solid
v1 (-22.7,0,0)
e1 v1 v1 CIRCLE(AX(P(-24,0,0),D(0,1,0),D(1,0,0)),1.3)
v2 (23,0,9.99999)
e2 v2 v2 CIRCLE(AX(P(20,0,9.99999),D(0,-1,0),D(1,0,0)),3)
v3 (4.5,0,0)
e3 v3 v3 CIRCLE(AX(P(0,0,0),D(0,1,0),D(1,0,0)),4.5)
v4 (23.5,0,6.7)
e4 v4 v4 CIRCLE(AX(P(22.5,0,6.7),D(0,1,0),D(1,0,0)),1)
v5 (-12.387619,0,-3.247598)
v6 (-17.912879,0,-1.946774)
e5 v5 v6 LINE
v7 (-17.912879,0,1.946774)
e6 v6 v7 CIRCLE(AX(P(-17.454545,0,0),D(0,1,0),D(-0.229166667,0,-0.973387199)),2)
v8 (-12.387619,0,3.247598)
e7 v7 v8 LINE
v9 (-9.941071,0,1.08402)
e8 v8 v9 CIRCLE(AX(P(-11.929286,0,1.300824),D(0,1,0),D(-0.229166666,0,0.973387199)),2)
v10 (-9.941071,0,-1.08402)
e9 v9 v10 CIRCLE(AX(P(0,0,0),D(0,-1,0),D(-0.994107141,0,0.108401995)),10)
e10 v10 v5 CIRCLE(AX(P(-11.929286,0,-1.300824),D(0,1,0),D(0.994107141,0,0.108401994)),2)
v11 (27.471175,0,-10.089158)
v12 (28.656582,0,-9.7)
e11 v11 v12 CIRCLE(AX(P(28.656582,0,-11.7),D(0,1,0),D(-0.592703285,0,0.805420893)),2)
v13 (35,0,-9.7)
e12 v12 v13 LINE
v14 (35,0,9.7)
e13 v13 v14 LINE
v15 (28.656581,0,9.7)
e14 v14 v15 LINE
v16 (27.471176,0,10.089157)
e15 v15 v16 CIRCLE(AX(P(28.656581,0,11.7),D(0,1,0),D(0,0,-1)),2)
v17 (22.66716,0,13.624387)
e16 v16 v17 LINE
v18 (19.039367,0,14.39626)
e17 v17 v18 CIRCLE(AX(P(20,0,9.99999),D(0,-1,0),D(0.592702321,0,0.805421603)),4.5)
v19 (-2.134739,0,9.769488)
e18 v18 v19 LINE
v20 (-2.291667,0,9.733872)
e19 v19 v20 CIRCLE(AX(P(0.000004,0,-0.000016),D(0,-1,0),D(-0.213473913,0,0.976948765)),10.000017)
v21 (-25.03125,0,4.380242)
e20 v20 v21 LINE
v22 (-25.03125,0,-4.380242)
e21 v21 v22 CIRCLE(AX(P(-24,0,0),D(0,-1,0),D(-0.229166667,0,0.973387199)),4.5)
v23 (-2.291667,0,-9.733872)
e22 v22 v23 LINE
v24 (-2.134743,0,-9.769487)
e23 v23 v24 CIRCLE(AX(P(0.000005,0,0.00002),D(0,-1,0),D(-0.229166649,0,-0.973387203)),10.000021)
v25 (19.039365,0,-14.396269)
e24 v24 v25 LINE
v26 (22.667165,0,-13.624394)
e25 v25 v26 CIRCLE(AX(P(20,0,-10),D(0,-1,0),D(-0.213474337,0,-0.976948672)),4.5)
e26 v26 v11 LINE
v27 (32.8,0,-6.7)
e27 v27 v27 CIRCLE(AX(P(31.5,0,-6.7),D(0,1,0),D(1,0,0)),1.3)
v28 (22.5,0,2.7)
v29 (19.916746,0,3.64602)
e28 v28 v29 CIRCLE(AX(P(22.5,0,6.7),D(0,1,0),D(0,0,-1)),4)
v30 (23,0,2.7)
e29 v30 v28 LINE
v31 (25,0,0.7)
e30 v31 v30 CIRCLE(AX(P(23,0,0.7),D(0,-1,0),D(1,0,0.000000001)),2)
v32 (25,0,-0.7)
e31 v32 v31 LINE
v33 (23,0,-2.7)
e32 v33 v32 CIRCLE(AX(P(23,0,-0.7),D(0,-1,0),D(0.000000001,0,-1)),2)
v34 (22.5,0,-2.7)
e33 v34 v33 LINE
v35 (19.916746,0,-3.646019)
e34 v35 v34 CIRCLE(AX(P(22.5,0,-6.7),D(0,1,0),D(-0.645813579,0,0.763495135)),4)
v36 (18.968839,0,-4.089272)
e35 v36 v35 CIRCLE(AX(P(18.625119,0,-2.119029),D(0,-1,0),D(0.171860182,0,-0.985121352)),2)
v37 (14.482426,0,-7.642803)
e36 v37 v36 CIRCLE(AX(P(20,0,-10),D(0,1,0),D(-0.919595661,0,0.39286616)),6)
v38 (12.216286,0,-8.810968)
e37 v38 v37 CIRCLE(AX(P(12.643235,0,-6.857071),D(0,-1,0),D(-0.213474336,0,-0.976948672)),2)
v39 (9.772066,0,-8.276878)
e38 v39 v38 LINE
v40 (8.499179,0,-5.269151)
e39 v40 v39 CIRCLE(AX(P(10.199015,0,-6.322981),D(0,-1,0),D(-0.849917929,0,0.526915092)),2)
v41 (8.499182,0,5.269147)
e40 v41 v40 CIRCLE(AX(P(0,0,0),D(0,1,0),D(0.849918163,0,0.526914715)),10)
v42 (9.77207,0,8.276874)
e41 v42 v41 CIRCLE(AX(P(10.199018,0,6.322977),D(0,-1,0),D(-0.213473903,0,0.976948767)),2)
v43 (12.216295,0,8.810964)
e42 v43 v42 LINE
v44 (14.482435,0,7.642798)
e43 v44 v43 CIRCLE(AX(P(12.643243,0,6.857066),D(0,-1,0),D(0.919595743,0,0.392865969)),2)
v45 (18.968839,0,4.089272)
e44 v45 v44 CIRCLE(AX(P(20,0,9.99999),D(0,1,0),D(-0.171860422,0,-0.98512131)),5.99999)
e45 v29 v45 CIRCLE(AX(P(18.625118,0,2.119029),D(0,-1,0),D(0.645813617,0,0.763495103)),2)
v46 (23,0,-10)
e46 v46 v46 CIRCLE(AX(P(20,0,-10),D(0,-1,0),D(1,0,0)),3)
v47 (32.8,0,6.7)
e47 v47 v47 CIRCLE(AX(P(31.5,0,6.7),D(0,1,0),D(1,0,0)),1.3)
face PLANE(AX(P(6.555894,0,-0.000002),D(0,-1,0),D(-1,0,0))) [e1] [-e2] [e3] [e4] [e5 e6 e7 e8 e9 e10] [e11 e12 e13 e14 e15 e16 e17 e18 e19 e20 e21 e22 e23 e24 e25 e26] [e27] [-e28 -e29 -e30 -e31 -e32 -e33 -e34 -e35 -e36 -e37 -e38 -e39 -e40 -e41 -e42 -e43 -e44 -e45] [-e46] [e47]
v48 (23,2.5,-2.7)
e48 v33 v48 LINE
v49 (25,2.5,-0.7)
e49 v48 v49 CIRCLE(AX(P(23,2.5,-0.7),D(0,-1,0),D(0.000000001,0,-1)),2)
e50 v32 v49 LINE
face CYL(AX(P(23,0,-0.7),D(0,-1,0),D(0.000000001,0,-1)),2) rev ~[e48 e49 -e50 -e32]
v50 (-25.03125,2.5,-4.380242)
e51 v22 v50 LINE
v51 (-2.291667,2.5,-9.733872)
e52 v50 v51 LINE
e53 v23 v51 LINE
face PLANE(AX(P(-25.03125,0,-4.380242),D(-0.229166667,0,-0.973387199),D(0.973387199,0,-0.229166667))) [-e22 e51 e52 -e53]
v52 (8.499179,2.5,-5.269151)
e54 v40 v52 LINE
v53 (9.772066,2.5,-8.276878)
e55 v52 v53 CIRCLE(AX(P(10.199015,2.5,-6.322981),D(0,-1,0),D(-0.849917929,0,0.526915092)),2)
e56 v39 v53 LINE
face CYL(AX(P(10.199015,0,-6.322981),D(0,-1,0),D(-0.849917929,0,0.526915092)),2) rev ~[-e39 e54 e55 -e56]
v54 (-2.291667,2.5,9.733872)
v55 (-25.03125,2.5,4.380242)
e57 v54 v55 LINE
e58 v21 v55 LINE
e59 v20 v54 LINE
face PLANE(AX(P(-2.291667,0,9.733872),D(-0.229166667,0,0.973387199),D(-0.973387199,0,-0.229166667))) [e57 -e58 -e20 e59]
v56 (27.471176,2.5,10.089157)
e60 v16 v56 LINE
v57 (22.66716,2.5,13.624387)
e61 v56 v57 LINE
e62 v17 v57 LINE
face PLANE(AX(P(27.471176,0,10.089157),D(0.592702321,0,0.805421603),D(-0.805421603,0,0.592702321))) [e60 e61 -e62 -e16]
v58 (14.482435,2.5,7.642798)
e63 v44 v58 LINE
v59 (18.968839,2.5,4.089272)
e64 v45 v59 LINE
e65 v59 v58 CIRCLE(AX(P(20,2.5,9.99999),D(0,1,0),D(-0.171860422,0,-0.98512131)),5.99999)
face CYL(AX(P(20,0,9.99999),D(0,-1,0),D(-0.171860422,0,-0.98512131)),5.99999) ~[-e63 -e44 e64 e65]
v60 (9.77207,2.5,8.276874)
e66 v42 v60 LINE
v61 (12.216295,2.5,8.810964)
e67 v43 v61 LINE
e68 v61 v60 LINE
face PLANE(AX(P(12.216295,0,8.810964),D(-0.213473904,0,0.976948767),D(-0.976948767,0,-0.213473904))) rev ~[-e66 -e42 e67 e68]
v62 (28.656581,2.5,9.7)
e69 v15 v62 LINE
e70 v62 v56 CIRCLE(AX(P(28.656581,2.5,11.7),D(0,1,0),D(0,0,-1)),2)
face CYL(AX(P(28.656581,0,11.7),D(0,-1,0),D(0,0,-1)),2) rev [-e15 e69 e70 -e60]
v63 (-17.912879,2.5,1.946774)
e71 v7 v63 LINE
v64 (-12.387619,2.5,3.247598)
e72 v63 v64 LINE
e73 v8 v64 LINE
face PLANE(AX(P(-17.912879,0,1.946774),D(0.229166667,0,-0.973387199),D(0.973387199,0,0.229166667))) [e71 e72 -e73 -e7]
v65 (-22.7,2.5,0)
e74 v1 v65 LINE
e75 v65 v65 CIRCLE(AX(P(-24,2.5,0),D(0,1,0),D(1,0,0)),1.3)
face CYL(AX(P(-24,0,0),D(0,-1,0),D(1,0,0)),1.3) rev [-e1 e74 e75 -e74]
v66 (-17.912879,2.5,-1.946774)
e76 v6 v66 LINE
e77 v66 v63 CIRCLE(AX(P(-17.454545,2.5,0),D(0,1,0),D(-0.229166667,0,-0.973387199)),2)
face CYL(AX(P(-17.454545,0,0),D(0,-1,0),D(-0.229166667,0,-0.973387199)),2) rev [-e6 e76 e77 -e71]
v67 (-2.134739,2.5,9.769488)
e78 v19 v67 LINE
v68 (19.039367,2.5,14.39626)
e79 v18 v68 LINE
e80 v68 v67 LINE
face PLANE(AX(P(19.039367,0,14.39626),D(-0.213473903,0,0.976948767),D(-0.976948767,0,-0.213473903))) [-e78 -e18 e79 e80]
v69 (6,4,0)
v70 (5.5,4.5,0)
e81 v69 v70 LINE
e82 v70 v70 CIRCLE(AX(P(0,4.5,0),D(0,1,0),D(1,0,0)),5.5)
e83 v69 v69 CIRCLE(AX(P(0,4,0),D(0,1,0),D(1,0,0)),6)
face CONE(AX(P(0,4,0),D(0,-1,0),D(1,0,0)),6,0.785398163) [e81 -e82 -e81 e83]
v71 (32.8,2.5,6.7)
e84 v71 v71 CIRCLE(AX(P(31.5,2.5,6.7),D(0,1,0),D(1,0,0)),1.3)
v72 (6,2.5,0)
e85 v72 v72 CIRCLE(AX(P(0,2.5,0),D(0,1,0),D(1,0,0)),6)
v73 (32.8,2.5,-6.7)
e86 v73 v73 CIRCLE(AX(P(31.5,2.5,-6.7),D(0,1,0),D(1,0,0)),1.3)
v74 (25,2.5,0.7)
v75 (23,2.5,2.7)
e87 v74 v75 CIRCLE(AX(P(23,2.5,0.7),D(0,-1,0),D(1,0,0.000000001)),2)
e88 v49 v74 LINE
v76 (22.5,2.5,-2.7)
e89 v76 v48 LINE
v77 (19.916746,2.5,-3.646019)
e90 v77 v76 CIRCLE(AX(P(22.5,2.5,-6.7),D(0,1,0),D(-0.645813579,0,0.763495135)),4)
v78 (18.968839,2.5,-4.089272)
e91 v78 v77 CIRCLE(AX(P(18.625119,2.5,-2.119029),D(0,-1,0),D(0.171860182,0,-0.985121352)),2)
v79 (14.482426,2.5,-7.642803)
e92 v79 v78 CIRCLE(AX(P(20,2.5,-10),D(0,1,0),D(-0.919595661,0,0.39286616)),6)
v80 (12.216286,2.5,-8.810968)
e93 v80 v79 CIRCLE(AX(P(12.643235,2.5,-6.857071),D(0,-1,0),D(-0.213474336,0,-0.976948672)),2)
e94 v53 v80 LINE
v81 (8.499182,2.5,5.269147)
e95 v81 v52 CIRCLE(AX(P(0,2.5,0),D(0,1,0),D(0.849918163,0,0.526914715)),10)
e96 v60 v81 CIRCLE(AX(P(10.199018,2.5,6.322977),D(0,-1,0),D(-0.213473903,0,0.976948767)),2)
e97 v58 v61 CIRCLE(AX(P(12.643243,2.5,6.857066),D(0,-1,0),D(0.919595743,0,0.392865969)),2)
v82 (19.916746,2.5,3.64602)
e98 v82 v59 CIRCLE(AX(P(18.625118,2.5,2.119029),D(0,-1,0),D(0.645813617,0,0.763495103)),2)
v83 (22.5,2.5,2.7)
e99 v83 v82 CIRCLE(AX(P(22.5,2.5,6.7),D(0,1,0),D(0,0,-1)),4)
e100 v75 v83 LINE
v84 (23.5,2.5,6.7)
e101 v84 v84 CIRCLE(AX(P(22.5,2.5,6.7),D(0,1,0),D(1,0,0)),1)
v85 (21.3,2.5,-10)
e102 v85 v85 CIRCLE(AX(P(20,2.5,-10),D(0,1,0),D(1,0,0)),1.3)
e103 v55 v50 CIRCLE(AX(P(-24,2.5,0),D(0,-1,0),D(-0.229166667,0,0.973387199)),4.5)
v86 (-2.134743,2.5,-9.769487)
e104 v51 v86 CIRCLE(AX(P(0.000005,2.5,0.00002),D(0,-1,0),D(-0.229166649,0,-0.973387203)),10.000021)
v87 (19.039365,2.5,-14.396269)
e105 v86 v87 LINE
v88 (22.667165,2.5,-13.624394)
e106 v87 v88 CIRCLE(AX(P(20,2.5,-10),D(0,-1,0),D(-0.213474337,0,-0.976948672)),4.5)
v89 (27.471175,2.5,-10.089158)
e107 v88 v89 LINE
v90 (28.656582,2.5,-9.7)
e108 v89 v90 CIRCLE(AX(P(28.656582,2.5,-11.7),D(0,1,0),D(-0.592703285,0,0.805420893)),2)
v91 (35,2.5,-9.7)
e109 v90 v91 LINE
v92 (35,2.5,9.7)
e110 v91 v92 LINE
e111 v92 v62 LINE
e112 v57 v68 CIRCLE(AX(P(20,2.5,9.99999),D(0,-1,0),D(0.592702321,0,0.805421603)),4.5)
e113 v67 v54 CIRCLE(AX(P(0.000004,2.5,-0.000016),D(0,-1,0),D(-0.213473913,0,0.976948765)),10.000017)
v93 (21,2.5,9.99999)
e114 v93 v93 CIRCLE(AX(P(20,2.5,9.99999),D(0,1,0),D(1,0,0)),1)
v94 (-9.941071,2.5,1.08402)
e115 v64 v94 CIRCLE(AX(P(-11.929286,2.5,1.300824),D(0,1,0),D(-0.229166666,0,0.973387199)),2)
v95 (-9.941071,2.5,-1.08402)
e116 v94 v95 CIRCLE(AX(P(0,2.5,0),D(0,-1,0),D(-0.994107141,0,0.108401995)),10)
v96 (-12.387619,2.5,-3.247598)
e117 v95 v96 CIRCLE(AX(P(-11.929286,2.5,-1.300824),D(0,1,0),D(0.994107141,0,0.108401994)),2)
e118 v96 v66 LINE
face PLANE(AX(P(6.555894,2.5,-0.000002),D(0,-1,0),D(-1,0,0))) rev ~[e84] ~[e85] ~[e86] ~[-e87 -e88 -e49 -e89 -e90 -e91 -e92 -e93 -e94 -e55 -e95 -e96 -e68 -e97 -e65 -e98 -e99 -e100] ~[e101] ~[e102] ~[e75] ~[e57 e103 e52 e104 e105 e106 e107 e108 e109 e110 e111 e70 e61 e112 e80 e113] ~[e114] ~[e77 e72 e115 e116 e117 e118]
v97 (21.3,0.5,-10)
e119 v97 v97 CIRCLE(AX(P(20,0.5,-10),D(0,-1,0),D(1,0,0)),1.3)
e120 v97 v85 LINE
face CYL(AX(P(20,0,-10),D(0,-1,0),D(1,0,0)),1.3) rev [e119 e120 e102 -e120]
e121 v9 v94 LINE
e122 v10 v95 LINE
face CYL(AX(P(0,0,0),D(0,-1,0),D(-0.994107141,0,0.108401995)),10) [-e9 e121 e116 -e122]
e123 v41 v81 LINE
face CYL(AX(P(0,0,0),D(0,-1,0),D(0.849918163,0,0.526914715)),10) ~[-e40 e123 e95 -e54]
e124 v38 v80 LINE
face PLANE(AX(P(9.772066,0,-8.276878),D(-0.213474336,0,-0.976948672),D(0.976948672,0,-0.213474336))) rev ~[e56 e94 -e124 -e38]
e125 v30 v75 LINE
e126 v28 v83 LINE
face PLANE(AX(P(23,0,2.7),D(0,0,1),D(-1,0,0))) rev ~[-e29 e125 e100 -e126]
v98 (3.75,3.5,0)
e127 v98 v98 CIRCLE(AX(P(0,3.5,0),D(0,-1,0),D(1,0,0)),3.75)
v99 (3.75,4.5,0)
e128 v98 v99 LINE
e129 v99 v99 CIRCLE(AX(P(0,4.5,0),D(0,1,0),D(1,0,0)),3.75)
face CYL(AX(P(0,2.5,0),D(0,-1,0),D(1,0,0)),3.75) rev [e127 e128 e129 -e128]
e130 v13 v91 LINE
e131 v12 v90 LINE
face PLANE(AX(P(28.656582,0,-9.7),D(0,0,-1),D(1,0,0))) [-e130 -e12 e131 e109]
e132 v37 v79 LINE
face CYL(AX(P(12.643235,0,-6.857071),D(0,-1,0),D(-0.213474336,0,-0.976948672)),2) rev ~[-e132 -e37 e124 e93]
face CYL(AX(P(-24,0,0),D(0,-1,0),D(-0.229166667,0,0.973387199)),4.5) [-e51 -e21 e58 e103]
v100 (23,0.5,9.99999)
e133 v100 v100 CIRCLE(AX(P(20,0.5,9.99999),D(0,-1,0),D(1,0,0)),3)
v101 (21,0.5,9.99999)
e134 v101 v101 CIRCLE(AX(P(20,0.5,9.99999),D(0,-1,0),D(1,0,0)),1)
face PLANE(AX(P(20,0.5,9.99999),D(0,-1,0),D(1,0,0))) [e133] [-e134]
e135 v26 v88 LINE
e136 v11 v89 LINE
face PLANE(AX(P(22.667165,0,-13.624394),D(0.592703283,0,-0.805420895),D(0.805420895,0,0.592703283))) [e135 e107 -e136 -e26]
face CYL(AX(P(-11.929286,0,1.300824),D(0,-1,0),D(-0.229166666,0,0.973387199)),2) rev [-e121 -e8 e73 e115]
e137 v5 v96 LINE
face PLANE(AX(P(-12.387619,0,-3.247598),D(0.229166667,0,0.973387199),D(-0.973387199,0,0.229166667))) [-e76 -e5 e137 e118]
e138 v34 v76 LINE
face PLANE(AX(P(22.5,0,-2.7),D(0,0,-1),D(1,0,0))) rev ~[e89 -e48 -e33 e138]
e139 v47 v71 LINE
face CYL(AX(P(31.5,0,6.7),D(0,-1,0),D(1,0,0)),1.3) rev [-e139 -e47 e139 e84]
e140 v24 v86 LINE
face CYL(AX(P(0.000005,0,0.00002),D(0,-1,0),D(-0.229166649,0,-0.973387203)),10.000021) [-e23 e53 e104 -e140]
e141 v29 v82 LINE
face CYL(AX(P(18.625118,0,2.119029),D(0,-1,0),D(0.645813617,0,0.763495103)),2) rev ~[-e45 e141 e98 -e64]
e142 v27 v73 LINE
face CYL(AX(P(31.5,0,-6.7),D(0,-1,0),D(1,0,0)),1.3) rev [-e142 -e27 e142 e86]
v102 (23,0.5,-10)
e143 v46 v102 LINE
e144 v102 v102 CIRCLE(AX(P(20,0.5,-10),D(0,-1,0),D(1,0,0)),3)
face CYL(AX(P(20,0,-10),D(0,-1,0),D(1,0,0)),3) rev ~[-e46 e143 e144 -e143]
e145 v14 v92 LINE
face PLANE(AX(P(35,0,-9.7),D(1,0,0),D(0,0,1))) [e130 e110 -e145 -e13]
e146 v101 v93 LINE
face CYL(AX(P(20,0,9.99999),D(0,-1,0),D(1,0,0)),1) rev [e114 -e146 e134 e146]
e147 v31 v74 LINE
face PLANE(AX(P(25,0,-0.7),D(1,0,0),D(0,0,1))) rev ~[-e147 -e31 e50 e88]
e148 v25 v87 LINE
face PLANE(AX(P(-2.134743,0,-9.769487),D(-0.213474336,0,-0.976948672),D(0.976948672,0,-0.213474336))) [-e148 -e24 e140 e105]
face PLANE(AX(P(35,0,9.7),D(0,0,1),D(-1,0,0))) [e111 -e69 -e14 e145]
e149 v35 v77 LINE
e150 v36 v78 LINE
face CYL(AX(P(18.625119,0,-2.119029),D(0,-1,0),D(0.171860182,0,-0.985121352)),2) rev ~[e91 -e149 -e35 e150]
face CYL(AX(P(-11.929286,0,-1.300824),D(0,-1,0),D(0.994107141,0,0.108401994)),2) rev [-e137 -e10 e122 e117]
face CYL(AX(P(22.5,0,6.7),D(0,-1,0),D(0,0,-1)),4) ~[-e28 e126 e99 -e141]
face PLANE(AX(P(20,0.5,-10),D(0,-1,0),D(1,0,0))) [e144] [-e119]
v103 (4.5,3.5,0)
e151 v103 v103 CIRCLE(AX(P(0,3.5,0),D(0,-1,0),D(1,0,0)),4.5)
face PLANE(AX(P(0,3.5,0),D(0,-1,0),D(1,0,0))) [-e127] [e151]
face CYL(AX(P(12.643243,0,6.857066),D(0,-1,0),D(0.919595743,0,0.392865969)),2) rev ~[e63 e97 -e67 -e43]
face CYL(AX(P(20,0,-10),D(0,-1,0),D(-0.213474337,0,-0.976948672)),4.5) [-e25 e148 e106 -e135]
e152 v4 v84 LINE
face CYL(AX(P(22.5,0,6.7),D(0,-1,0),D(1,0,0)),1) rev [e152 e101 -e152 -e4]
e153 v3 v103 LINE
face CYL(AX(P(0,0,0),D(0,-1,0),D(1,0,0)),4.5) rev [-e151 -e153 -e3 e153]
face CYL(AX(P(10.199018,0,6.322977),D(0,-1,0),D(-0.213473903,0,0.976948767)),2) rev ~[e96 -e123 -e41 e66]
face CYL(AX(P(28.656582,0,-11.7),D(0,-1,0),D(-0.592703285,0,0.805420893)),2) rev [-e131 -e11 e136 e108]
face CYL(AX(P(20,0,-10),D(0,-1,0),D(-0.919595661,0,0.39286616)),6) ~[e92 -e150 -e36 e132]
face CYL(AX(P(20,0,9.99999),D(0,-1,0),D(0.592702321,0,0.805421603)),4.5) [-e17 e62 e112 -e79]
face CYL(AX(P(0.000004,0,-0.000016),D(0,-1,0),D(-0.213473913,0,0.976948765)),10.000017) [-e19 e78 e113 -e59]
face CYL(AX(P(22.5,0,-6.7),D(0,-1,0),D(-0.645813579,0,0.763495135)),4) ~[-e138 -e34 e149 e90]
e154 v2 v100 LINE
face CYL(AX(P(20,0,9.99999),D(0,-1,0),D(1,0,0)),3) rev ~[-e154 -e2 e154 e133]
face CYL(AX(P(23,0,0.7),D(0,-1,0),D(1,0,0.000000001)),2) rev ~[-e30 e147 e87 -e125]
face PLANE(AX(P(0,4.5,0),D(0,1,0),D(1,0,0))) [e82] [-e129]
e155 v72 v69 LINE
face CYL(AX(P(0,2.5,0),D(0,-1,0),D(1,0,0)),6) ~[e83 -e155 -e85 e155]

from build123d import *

# Parameters (mm, degrees)
SKETCH1_R           = 1.3
SKETCH1_R_2         = 1
SKETCH1_R_3         = 4.5
BOSS_EXTRUDE1_DEPTH = 2.5
SKETCH3_R           = 6
SKETCH3_R_2         = 3.75
BOSS_EXTRUDE2_DEPTH = 2
SKETCH4_R           = 4.5
SKETCH4_R_2         = 3.75
CUT_EXTRUDE1_DEPTH  = 1
CHAMFER1_SIZE       = 0.5
SKETCH6_R           = 3
CUT_EXTRUDE2_DEPTH  = 0.5


with BuildPart() as part:
    # Sketch1 → Boss-Extrude1 (new body)
    with BuildSketch(Plane(origin=(0, 0, 0), x_dir=(1, 0, 0), z_dir=(0, 1, 0))):
        with BuildLine():
            Line((35, 9.7), (35, -9.7))
            Line((35, -9.7), (28.656580513, -9.7))
            ThreePointArc((28.656580513, -9.7), (28.032756183, -9.799778117), (27.471175871, -10.089156794))
            Line((27.471175871, -10.089156794), (22.667160445, -13.62438739))
            ThreePointArc((22.667160445, -13.62438739), (20.936486005, -14.401466515), (19.039367435, -14.396259626))
            Line((19.039367435, -14.396259626), (-2.134739034, -9.769487666))
            ThreePointArc((-2.134739034, -9.769487666), (-2.213274492, -9.751995489), (-2.291666667, -9.733871989))
            Line((-2.291666667, -9.733871989), (-25.03125, -4.380242395))
            ThreePointArc((-25.03125, -4.380242395), (-28.5, 0), (-25.03125, 4.380242395))
            Line((-25.03125, 4.380242395), (-2.291666667, 9.733871989))
            ThreePointArc((-2.291666667, 9.733871989), (-2.213276651, 9.751994999), (-2.13474336, 9.769486721))
            Line((-2.13474336, 9.769486721), (19.039365488, 14.396269024))
            ThreePointArc((19.039365488, 14.396269024), (20.936487661, 14.401475987), (22.667164776, 13.624394026))
            Line((22.667164776, 13.624394026), (27.47117527, 10.089158211))
            ThreePointArc((27.47117527, 10.089158211), (28.032756372, 9.799778489), (28.656581837, 9.7))
            Line((28.656581837, 9.7), (35, 9.7))
        make_face()
        with Locations((31.5, 6.7)):
            Circle(SKETCH1_R, mode=Mode.SUBTRACT)
        with Locations((31.5, -6.7)):
            Circle(SKETCH1_R, mode=Mode.SUBTRACT)
        with Locations((20, 10)):
            Circle(SKETCH1_R, mode=Mode.SUBTRACT)
        with Locations((20, -9.999990176)):
            Circle(SKETCH1_R_2, mode=Mode.SUBTRACT)
        Circle(SKETCH1_R_3, mode=Mode.SUBTRACT)
        with Locations((-24, 0)):
            Circle(SKETCH1_R, mode=Mode.SUBTRACT)
        with Locations((22.5, -6.7)):
            Circle(SKETCH1_R_2, mode=Mode.SUBTRACT)
        with BuildLine():
            Line((9.772066478, 8.276878442), (12.216286037, 8.810968065))
            ThreePointArc((12.216286037, 8.810968065), (13.559618748, 8.634777191), (14.482426032, 7.642803041))
            ThreePointArc((14.482426032, 7.642803041), (16.274630398, 5.296637232), (18.968838896, 4.089271891))
            ThreePointArc((18.968838896, 4.089271891), (19.472295347, 3.930738723), (19.916745685, 3.646019459))
            ThreePointArc((19.916745685, 3.646019459), (21.124485944, 2.943943413), (22.5, 2.7))
            Line((22.5, 2.7), (23, 2.7))
            ThreePointArc((23, 2.7), (24.414213562, 2.114213562), (25, 0.7))
            Line((25, 0.7), (25, -0.7))
            ThreePointArc((25, -0.7), (24.414213562, -2.114213562), (23, -2.7))
            Line((23, -2.7), (22.5, -2.7))
            ThreePointArc((22.5, -2.7), (21.124485854, -2.943943446), (19.916745538, -3.646019583))
            ThreePointArc((19.916745538, -3.646019583), (19.472295389, -3.930738787), (18.968839153, -4.089271995))
            ThreePointArc((18.968839153, -4.089271995), (16.274635438, -5.296635948), (14.482434575, -7.642798226))
            ThreePointArc((14.482434575, -7.642798226), (13.559627706, -8.634772461), (12.216295281, -8.810963823))
            Line((12.216295281, -8.810963823), (9.772070143, -8.276874115))
            ThreePointArc((9.772070143, -8.276874115), (8.357168863, -7.102458424), (8.499181625, -5.269147152))
            ThreePointArc((8.499181625, -5.269147152), (10, 2.214e-06), (8.499179292, 5.269150915))
            ThreePointArc((8.499179292, 5.269150915), (8.357165718, 7.102462125), (9.772066478, 8.276878442))
        make_face(mode=Mode.SUBTRACT)
        with BuildLine():
            Line((-17.912878788, -1.946774398), (-12.387619024, -3.247598329))
            ThreePointArc((-12.387619024, -3.247598329), (-10.604369925, -2.799022253), (-9.941071409, -1.084019943))
            ThreePointArc((-9.941071409, -1.084019943), (-10, 0), (-9.941071409, 1.084019943))
            ThreePointArc((-9.941071409, 1.084019943), (-10.604369925, 2.799022253), (-12.387619024, 3.247598329))
            Line((-12.387619024, 3.247598329), (-17.912878788, 1.946774398))
            ThreePointArc((-17.912878788, 1.946774398), (-19.454545455, 0), (-17.912878788, -1.946774398))
        make_face(mode=Mode.SUBTRACT)
    extrude(amount=BOSS_EXTRUDE1_DEPTH)

    # Sketch3 → Boss-Extrude2 (add)
    with BuildSketch(Plane(origin=(0, 2.5, 0), x_dir=(1, 0, 0), z_dir=(0, 1, 0))):
        Circle(SKETCH3_R)
        Circle(SKETCH3_R_2, mode=Mode.SUBTRACT)
    extrude(amount=BOSS_EXTRUDE2_DEPTH)

    # Sketch4 → Cut-Extrude1 (cut)
    with BuildSketch(Plane.XZ.offset(-2.5)):
        Circle(SKETCH4_R)
        Circle(SKETCH4_R_2, mode=Mode.SUBTRACT)
    extrude(amount=-CUT_EXTRUDE1_DEPTH, mode=Mode.SUBTRACT)

    # Chamfer1
    chamfer1_edges = [part.edges().sort_by_distance(p)[0] for p in [
        (-6, 4.5, 0),
    ]]
    chamfer(chamfer1_edges, length=CHAMFER1_SIZE)

    # Sketch6 → Cut-Extrude2 (cut)
    with BuildSketch(Plane.XZ):
        with Locations((20, 9.999990176)):
            Circle(SKETCH6_R)
        with Locations((20, -10)):
            Circle(SKETCH6_R)
    extrude(amount=-CUT_EXTRUDE2_DEPTH, mode=Mode.SUBTRACT)


solid = part.part
